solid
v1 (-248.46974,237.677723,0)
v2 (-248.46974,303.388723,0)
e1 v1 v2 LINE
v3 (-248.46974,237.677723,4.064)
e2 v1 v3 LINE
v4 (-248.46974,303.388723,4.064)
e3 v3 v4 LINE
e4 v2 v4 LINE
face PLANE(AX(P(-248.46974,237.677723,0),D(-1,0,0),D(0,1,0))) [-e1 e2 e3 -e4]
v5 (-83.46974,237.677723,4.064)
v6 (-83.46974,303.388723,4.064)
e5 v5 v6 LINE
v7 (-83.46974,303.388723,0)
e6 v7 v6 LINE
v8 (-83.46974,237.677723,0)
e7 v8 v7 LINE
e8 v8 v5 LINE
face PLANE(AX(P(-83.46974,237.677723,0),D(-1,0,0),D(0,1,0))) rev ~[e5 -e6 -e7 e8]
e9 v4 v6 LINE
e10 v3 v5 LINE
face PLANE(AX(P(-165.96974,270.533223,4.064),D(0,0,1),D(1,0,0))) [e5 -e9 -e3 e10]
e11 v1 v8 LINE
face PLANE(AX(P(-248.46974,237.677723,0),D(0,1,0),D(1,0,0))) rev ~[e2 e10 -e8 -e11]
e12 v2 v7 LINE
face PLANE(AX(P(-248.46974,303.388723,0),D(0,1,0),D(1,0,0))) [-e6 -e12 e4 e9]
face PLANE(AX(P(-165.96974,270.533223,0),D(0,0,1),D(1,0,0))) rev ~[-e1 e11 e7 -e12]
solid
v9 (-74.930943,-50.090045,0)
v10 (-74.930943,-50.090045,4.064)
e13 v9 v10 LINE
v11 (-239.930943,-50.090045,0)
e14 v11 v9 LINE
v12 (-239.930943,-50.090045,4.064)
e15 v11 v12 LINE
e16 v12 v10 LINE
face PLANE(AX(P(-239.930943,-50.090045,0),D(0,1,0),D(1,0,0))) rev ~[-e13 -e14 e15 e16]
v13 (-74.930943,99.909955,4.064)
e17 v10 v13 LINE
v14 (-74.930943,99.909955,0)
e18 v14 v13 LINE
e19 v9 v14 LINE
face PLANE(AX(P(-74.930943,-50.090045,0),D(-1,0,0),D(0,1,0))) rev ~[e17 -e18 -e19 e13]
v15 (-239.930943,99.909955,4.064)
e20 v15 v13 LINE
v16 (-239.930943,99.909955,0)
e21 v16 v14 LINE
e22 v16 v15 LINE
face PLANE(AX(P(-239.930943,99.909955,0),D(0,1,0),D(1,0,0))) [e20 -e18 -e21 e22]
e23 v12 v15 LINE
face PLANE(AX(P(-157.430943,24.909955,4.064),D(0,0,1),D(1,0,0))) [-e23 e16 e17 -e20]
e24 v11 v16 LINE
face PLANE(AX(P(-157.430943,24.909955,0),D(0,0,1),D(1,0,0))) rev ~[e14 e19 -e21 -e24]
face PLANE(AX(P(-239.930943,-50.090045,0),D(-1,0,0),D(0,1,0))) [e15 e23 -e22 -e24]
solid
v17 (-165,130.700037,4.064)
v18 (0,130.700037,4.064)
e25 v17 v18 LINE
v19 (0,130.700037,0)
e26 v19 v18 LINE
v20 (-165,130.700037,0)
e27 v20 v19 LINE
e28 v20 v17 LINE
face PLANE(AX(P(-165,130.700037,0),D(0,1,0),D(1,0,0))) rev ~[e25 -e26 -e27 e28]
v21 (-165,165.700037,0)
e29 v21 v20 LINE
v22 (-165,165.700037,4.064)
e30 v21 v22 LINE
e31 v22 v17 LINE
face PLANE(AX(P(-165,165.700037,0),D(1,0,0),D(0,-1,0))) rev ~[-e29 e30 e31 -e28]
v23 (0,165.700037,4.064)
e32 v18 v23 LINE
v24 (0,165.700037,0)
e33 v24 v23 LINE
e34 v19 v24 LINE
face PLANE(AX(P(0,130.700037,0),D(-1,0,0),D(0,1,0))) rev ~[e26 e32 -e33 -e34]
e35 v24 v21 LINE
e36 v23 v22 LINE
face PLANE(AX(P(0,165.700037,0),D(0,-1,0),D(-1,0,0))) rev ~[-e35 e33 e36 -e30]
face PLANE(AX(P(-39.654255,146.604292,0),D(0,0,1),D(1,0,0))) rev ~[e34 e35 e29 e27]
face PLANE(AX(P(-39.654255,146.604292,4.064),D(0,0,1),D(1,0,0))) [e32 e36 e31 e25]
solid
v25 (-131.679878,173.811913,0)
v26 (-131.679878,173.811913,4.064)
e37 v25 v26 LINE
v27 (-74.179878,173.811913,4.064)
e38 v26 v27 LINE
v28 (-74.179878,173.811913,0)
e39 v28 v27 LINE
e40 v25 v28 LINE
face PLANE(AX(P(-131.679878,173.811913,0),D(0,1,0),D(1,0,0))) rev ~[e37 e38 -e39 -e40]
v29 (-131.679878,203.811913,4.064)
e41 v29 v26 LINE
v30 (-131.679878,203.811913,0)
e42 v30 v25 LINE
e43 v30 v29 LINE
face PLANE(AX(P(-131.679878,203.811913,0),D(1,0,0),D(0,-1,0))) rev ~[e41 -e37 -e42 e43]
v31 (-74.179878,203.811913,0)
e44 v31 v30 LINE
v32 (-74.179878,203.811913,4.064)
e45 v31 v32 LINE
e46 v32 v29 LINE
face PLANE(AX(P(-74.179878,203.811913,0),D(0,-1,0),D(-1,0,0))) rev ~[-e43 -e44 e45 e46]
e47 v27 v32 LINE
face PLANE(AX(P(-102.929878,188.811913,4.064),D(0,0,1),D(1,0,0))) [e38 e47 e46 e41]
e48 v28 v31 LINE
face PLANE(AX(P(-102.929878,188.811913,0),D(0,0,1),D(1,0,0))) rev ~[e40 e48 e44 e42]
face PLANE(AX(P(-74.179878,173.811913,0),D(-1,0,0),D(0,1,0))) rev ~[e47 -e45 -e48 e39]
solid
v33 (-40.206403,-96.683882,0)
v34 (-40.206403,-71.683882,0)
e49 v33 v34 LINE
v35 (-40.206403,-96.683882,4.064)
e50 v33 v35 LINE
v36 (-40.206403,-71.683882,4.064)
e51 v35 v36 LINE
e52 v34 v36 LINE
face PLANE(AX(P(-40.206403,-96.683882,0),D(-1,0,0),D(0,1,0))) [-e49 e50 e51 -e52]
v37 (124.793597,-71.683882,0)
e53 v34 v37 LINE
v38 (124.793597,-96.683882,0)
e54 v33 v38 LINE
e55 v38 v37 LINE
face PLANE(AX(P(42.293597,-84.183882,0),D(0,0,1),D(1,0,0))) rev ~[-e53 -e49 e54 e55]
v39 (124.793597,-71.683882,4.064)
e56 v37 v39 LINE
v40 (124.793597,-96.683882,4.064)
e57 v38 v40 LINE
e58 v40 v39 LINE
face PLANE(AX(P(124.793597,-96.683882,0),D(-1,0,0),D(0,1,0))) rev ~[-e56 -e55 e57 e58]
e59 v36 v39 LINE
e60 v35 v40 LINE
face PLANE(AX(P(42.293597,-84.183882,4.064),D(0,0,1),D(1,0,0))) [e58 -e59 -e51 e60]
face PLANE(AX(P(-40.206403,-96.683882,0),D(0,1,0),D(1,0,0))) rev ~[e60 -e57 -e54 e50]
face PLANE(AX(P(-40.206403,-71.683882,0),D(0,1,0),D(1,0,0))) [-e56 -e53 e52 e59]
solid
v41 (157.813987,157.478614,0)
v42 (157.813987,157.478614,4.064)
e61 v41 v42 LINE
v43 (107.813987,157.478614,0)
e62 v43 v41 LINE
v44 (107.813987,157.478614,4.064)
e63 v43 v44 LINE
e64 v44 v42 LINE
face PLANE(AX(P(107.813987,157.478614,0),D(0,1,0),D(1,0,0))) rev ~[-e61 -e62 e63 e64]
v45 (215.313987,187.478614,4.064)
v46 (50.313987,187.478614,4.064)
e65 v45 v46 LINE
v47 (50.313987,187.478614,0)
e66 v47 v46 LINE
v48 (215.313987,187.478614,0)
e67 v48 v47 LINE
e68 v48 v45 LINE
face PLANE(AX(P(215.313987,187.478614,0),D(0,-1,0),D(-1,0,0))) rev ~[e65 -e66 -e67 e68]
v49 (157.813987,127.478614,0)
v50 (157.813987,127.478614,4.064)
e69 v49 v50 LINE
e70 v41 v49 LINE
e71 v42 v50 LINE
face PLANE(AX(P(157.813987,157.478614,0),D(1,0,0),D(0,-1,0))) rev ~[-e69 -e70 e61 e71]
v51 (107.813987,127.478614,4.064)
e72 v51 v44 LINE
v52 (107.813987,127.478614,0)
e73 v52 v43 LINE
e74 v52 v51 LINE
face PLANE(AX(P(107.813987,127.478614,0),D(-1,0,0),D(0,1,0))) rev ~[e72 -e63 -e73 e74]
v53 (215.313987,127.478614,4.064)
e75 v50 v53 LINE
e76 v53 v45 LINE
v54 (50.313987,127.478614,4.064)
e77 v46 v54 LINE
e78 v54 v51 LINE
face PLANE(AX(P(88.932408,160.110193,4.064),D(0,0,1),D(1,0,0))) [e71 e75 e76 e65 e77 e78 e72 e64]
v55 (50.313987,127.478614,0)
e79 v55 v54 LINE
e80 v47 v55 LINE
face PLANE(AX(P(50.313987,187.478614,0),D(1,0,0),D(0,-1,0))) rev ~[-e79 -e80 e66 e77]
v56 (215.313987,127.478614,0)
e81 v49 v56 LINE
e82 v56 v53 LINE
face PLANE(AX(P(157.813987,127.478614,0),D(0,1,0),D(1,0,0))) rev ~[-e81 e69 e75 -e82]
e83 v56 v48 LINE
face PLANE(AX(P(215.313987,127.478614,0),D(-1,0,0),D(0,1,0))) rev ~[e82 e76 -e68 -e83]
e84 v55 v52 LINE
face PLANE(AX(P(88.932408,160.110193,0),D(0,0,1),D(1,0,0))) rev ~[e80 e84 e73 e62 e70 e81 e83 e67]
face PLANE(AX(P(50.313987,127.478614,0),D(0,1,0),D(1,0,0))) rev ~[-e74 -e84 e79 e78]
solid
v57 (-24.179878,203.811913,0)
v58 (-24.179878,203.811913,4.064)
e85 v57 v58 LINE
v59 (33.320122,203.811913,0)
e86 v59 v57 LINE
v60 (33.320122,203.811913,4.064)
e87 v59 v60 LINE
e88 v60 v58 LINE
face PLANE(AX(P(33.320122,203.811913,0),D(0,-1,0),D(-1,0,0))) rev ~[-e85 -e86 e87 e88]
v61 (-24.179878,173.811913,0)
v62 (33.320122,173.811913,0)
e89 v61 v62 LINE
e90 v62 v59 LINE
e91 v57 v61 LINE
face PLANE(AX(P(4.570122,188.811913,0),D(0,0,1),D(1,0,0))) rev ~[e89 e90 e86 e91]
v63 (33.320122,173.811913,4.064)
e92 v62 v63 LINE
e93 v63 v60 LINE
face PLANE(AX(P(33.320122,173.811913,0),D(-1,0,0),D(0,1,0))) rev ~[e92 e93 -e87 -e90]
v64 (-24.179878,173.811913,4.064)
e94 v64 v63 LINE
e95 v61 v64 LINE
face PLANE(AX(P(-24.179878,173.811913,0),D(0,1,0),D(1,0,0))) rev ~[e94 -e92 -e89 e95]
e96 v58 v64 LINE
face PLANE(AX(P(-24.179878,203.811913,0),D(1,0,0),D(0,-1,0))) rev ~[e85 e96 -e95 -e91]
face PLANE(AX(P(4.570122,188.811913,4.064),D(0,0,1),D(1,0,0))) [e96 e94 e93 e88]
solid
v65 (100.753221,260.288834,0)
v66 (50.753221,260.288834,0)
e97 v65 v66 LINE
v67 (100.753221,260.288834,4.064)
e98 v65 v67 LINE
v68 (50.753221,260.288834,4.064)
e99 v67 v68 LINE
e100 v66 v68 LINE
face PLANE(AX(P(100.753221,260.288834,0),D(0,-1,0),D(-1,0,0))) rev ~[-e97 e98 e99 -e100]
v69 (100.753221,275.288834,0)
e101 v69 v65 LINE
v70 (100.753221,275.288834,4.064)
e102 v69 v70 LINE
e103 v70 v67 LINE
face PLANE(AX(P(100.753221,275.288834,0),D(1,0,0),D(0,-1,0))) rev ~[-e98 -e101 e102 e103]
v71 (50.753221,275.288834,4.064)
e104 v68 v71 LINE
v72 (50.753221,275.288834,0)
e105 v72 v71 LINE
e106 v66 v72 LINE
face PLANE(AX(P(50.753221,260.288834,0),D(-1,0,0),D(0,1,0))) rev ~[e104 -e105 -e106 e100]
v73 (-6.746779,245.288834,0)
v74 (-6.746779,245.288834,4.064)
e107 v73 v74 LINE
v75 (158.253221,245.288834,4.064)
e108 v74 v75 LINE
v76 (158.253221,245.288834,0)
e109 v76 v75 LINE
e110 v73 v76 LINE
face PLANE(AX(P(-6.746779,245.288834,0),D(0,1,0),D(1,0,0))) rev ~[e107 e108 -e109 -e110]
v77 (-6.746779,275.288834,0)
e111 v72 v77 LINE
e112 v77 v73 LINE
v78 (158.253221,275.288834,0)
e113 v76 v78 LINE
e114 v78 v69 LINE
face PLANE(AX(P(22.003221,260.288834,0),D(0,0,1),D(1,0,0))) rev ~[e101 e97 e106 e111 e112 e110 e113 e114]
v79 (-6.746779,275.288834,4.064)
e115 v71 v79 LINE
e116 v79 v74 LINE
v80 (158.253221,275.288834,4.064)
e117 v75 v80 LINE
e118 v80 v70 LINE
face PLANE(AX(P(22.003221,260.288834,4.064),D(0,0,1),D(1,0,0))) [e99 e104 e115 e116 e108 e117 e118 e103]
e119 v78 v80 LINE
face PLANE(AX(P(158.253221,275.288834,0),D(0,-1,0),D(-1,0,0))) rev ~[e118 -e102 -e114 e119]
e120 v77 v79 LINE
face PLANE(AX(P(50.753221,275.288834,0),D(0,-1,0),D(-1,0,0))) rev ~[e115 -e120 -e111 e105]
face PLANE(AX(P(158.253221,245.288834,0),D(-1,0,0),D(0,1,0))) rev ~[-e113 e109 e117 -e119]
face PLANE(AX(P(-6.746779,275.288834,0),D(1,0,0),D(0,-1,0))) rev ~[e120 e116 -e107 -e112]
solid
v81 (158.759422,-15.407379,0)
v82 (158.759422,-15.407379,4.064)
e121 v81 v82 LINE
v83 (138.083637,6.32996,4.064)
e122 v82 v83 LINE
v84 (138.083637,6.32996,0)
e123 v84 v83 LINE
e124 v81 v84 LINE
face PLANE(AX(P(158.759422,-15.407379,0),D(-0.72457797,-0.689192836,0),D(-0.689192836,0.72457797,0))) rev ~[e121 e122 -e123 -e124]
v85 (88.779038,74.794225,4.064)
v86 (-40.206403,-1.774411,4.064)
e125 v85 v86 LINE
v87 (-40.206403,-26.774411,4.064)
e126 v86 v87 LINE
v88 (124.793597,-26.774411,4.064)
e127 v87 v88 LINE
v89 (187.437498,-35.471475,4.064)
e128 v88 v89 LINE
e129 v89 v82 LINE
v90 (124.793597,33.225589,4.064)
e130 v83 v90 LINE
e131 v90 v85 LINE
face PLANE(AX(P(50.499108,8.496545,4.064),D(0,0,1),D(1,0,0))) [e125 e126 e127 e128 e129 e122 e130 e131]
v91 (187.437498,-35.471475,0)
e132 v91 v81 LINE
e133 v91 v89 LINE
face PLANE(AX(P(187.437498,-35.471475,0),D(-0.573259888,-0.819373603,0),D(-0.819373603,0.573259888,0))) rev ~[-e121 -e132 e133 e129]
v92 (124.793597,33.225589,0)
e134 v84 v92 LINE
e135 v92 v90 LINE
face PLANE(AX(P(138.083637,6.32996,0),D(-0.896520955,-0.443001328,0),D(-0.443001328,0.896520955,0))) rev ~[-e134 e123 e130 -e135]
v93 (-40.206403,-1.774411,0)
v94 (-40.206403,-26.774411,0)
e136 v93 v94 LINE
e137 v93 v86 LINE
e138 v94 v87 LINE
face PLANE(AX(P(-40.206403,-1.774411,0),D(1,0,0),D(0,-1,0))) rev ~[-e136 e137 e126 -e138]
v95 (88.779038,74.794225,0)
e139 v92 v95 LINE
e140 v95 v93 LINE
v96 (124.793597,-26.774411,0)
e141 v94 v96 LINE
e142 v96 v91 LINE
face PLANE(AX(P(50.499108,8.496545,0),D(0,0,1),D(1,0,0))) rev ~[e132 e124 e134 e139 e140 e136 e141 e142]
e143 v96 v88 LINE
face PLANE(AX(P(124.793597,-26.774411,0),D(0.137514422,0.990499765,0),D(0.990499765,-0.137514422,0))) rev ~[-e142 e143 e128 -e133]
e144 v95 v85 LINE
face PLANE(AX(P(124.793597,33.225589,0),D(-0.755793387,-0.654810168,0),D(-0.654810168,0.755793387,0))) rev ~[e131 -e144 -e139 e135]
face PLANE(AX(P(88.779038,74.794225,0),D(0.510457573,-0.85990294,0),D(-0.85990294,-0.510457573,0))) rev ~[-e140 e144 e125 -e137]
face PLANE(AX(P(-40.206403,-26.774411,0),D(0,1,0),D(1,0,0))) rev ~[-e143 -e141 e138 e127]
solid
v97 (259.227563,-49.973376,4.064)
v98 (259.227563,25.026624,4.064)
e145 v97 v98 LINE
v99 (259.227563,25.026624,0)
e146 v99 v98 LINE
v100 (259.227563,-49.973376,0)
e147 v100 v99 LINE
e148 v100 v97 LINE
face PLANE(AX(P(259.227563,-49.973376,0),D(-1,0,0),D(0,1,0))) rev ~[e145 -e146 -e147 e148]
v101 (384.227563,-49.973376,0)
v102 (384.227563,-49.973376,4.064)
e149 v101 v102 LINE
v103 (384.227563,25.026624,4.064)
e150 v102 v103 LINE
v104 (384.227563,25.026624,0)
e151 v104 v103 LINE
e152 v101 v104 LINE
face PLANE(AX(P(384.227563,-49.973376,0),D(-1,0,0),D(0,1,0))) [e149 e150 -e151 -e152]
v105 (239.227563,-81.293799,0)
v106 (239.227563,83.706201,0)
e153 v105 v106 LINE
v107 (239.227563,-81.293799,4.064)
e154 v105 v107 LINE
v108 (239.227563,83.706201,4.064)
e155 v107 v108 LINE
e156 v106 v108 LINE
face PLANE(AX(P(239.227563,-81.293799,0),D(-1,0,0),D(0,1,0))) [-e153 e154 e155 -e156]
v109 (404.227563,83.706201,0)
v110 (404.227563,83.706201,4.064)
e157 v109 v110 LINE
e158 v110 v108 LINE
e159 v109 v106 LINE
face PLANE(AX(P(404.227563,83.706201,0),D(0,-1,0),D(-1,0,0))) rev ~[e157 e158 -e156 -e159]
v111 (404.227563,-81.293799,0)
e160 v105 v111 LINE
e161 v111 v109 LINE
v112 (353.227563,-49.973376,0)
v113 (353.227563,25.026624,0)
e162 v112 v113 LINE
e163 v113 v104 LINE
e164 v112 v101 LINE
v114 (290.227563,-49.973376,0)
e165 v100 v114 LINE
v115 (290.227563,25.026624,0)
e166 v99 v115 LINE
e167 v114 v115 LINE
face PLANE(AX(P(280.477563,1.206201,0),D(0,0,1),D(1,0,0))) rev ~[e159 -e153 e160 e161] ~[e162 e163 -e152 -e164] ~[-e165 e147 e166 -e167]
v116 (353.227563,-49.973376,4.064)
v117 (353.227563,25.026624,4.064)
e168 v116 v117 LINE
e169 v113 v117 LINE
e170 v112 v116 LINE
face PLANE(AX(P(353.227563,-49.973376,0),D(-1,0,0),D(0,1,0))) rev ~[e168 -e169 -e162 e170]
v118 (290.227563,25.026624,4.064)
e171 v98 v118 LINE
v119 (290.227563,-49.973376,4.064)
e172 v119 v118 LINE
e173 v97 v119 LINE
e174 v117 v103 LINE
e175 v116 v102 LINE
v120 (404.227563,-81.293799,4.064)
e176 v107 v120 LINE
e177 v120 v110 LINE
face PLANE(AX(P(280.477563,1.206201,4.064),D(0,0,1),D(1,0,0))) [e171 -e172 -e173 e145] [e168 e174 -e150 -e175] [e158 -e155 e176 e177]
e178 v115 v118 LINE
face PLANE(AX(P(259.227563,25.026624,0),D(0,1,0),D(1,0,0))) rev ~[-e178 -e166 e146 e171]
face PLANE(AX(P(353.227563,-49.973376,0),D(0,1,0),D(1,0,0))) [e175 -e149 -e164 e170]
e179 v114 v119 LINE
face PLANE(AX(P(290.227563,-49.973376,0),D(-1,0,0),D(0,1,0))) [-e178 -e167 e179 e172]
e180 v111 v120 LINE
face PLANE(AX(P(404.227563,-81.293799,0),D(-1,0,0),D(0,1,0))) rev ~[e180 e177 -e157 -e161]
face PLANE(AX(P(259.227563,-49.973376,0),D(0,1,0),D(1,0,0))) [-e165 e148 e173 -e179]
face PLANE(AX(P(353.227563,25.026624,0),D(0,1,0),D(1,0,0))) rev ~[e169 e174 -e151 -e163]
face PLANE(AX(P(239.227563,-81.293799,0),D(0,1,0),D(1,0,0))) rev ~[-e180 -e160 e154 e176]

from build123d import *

# Parameters (mm, degrees)
F0_W     = 165
F0_H     = 25
F0_H_2   = 150
F0_W_2   = 82.5
F0_H_3   = 165
F0_W_3   = 31
F0_H_4   = 75
F0_H_5   = 65.711
F0_W_4   = 25
F0_H_6   = 15
F1_DEPTH = 4.064


with BuildPart() as f1:
    # F0 (on Top) → F1 (new body)
    with BuildSketch(Plane.XY):
        Polygon((124.793597, 33.225589), (88.779038, 74.794225), (-40.206403, -1.774411), (-40.206403, -26.774411), (124.793597, -26.774411), align=None)
        with Locations((42.293597, -84.183882)):
            Rectangle(F0_W, F0_H)
        Polygon((138.083637, 6.32996), (124.793597, 33.225589), (124.793597, -26.774411), (187.437498, -35.471475), (158.759422, -15.407379), align=None)
        Polygon((132.813987, 187.478614), (50.313987, 187.478614), (50.313987, 127.478614), (107.813987, 127.478614), (107.813987, 157.478614), (132.813987, 157.478614), align=None)
        Polygon((215.313987, 187.478614), (132.813987, 187.478614), (132.813987, 157.478614), (157.813987, 157.478614), (157.813987, 127.478614), (215.313987, 127.478614), align=None)
        with Locations((-157.430943, 24.909955)):
            Rectangle(F0_W, F0_H_2)
        with Locations((280.477563, 1.206201)):
            Rectangle(F0_W_2, F0_H_3)
        with Locations((274.727563, -12.473376)):
            Rectangle(F0_W_3, F0_H_4, mode=Mode.SUBTRACT)
        with Locations((362.977563, 1.206201)):
            Rectangle(F0_W_2, F0_H_3)
        with Locations((368.727563, -12.473376)):
            Rectangle(F0_W_3, F0_H_4, mode=Mode.SUBTRACT)
        with Locations((-165.96974, 270.533223)):
            Rectangle(F0_W, F0_H_5)
        Polygon((-82.5, 150.700037), (-82.5, 130.700037), (0, 130.700037), (0, 165.700037), (-57.5, 165.700037), (-57.5, 150.700037), align=None)
        Polygon((-107.5, 165.700037), (-165, 165.700037), (-165, 130.700037), (-82.5, 130.700037), (-82.5, 150.700037), (-107.5, 150.700037), align=None)
        Polygon((50.753221, 275.288834), (-6.746779, 275.288834), (-6.746779, 245.288834), (50.753221, 245.288834), (50.753221, 260.288834), align=None)
        Polygon((158.253221, 275.288834), (100.753221, 275.288834), (100.753221, 260.288834), (100.753221, 245.288834), (158.253221, 245.288834), align=None)
        with Locations((-95, 158.200037)):
            Rectangle(F0_W_4, F0_H_6)
        with Locations((-70, 158.200037)):
            Rectangle(F0_W_4, F0_H_6)
        Polygon((-74.179878, 203.811913), (-131.679878, 203.811913), (-131.679878, 173.811913), (-74.179878, 173.811913), (-74.179878, 193.811913), align=None)
        Polygon((33.320122, 203.811913), (-24.179878, 203.811913), (-24.179878, 193.811913), (-24.179878, 173.811913), (33.320122, 173.811913), align=None)
        with Locations((88.253221, 252.788834)):
            Rectangle(F0_W_4, F0_H_6)
        with Locations((63.253221, 252.788834)):
            Rectangle(F0_W_4, F0_H_6)
    extrude(amount=F1_DEPTH)


solid = f1.part
